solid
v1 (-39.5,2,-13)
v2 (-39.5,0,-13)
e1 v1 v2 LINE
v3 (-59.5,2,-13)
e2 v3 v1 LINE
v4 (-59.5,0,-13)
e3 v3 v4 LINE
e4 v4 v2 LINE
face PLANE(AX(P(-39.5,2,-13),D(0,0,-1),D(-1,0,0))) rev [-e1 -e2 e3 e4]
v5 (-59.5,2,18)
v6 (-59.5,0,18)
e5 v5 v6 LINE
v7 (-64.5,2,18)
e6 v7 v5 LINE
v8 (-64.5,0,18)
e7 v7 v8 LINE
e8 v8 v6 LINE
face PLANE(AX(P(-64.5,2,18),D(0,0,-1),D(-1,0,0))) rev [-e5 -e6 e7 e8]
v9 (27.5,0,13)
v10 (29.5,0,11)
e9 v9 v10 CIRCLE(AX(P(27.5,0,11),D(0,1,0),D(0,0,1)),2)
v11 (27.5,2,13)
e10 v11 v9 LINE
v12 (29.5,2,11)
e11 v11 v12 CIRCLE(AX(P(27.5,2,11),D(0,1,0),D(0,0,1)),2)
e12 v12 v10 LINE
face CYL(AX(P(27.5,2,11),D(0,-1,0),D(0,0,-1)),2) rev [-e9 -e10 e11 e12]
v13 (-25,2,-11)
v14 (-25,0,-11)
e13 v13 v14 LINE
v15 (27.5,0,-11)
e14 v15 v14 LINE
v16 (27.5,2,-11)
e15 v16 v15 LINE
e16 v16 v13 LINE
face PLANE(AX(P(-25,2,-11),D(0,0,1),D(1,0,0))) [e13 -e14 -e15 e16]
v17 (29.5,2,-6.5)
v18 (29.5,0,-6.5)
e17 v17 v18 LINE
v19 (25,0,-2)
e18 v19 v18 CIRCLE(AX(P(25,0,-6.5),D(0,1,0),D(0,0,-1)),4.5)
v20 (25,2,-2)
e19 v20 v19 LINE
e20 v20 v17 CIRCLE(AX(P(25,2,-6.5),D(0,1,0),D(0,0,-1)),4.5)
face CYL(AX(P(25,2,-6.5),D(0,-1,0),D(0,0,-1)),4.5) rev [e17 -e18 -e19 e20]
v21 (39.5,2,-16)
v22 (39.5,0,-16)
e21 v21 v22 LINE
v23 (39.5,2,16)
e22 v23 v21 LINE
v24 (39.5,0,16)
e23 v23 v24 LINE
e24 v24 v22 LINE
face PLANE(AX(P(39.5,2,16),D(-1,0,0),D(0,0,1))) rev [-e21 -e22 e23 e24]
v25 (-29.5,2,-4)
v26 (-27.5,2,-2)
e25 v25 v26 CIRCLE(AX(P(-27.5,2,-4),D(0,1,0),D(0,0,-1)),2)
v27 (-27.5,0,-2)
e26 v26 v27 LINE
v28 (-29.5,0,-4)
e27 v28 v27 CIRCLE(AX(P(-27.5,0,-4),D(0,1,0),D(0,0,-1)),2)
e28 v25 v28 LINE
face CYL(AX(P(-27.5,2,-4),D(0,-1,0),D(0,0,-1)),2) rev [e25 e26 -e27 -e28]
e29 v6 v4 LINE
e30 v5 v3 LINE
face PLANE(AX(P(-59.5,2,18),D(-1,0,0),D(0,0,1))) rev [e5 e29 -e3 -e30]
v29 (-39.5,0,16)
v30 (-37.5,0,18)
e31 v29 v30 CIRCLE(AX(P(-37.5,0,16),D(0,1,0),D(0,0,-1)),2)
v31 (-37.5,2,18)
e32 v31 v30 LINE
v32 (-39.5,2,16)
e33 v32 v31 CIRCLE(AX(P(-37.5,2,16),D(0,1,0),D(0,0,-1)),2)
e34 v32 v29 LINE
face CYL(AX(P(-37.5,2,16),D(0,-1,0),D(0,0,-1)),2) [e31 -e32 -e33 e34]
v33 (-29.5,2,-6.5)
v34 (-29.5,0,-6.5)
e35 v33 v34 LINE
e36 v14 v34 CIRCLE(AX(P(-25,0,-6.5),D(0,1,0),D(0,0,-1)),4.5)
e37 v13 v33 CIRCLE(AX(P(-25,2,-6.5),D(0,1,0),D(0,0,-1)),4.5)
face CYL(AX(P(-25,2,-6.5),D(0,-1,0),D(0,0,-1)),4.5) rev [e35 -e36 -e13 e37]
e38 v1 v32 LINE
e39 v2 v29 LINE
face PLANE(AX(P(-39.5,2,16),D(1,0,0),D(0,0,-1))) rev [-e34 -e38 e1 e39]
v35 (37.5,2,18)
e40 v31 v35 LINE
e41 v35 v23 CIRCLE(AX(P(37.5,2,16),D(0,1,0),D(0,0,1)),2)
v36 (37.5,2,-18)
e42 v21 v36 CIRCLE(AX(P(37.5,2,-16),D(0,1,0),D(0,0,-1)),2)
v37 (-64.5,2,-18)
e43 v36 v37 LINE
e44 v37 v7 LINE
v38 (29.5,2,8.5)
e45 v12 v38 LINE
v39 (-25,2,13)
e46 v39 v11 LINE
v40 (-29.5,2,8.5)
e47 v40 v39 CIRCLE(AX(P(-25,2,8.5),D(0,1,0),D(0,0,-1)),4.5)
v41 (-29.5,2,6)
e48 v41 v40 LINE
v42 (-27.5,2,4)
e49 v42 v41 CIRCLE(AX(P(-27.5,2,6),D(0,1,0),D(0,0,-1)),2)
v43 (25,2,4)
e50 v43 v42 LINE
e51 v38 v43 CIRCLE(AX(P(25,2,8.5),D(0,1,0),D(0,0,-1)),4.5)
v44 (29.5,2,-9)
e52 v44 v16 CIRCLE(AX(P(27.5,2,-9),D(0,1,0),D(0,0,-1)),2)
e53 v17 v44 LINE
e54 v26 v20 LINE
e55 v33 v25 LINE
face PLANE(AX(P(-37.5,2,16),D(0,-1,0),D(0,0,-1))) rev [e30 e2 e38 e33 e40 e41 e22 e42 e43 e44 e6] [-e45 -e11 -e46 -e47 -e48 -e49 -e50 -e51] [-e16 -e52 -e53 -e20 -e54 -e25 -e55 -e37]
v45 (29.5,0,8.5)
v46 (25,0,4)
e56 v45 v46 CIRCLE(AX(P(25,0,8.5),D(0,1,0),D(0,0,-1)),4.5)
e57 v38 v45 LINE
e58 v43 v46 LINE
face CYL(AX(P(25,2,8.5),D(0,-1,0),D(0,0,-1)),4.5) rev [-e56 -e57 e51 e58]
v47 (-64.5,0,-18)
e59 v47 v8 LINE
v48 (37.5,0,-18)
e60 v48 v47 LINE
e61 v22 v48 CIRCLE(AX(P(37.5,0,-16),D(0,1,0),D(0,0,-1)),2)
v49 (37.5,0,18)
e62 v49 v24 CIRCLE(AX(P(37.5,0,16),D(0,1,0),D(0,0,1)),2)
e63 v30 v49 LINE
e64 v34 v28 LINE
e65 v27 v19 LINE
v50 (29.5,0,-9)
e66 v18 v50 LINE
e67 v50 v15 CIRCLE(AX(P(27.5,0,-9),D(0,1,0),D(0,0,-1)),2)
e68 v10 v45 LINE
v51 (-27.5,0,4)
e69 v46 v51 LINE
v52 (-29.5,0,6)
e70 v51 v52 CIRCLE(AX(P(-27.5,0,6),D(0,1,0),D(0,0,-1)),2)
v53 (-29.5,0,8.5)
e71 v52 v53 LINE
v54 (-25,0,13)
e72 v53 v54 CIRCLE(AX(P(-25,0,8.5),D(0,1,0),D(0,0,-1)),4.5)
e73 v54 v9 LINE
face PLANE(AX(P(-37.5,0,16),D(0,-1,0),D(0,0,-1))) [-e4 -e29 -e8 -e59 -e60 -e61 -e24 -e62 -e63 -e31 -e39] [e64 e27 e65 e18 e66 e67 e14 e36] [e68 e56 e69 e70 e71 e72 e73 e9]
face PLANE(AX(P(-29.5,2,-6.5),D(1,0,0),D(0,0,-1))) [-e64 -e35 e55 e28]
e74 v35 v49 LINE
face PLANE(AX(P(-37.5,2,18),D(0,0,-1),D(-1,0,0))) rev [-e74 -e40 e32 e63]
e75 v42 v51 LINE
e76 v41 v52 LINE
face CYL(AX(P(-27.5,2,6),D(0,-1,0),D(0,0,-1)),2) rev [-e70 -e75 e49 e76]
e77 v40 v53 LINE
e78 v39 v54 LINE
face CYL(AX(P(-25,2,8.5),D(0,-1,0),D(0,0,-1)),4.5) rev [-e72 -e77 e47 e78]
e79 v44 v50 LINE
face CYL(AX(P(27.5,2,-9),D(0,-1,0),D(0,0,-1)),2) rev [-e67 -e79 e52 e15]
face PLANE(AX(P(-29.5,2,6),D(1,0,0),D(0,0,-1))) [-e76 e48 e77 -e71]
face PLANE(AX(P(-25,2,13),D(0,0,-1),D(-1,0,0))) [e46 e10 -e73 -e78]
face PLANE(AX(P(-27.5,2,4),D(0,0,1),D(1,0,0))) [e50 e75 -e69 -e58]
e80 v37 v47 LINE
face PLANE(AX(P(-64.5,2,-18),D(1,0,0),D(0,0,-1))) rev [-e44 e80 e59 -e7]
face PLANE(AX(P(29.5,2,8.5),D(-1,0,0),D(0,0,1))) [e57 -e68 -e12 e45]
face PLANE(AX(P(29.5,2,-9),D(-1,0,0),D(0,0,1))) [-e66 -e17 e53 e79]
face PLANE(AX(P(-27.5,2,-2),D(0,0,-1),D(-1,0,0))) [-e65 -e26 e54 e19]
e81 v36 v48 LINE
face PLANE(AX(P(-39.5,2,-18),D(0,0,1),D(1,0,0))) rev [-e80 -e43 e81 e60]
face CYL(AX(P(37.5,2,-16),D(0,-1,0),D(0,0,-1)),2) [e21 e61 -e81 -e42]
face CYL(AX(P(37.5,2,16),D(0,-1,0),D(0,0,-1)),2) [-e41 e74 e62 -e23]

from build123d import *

# Parameters (mm, degrees)
BOSS_EXTRUDE1_DEPTH = 2


with BuildPart() as part:
    # Sketch1 → Boss-Extrude1 (new body)
    with BuildSketch(Plane(origin=(0, 0, 0), x_dir=(1, 0, 0), z_dir=(0, 1, 0))):
        with BuildLine():
            Line((-39.5, -16), (-39.5, 13))
            Line((-39.5, 13), (-59.5, 13))
            Line((-59.5, 13), (-59.5, -18))
            Line((-59.5, -18), (-64.5, -18))
            Line((-64.5, -18), (-64.5, 18))
            Line((-64.5, 18), (-39.5, 18))
            Line((-39.5, 18), (37.5, 18))
            ThreePointArc((37.5, 18), (38.914213562, 17.414213562), (39.5, 16))
            Line((39.5, 16), (39.5, -16))
            ThreePointArc((39.5, -16), (38.914213562, -17.414213562), (37.5, -18))
            Line((37.5, -18), (-37.5, -18))
            ThreePointArc((-37.5, -18), (-38.914213562, -17.414213562), (-39.5, -16))
        make_face()
        with BuildLine():
            Line((-25, 11), (27.5, 11))
            ThreePointArc((27.5, 11), (28.914213562, 10.414213562), (29.5, 9))
            Line((29.5, 9), (29.5, 6.5))
            ThreePointArc((29.5, 6.5), (28.181980515, 3.318019485), (25, 2))
            Line((25, 2), (-27.5, 2))
            ThreePointArc((-27.5, 2), (-28.914213562, 2.585786438), (-29.5, 4))
            Line((-29.5, 4), (-29.5, 6.5))
            ThreePointArc((-29.5, 6.5), (-28.181980515, 9.681980515), (-25, 11))
        make_face(mode=Mode.SUBTRACT)
        with BuildLine():
            Line((-27.5, -4), (25, -4))
            ThreePointArc((25, -4), (28.181980515, -5.318019485), (29.5, -8.5))
            Line((29.5, -8.5), (29.5, -11))
            ThreePointArc((29.5, -11), (28.914213562, -12.414213562), (27.5, -13))
            Line((27.5, -13), (-25, -13))
            ThreePointArc((-25, -13), (-28.181980515, -11.681980515), (-29.5, -8.5))
            Line((-29.5, -8.5), (-29.5, -6))
            ThreePointArc((-29.5, -6), (-28.914213562, -4.585786438), (-27.5, -4))
        make_face(mode=Mode.SUBTRACT)
    extrude(amount=BOSS_EXTRUDE1_DEPTH)


solid = part.part
